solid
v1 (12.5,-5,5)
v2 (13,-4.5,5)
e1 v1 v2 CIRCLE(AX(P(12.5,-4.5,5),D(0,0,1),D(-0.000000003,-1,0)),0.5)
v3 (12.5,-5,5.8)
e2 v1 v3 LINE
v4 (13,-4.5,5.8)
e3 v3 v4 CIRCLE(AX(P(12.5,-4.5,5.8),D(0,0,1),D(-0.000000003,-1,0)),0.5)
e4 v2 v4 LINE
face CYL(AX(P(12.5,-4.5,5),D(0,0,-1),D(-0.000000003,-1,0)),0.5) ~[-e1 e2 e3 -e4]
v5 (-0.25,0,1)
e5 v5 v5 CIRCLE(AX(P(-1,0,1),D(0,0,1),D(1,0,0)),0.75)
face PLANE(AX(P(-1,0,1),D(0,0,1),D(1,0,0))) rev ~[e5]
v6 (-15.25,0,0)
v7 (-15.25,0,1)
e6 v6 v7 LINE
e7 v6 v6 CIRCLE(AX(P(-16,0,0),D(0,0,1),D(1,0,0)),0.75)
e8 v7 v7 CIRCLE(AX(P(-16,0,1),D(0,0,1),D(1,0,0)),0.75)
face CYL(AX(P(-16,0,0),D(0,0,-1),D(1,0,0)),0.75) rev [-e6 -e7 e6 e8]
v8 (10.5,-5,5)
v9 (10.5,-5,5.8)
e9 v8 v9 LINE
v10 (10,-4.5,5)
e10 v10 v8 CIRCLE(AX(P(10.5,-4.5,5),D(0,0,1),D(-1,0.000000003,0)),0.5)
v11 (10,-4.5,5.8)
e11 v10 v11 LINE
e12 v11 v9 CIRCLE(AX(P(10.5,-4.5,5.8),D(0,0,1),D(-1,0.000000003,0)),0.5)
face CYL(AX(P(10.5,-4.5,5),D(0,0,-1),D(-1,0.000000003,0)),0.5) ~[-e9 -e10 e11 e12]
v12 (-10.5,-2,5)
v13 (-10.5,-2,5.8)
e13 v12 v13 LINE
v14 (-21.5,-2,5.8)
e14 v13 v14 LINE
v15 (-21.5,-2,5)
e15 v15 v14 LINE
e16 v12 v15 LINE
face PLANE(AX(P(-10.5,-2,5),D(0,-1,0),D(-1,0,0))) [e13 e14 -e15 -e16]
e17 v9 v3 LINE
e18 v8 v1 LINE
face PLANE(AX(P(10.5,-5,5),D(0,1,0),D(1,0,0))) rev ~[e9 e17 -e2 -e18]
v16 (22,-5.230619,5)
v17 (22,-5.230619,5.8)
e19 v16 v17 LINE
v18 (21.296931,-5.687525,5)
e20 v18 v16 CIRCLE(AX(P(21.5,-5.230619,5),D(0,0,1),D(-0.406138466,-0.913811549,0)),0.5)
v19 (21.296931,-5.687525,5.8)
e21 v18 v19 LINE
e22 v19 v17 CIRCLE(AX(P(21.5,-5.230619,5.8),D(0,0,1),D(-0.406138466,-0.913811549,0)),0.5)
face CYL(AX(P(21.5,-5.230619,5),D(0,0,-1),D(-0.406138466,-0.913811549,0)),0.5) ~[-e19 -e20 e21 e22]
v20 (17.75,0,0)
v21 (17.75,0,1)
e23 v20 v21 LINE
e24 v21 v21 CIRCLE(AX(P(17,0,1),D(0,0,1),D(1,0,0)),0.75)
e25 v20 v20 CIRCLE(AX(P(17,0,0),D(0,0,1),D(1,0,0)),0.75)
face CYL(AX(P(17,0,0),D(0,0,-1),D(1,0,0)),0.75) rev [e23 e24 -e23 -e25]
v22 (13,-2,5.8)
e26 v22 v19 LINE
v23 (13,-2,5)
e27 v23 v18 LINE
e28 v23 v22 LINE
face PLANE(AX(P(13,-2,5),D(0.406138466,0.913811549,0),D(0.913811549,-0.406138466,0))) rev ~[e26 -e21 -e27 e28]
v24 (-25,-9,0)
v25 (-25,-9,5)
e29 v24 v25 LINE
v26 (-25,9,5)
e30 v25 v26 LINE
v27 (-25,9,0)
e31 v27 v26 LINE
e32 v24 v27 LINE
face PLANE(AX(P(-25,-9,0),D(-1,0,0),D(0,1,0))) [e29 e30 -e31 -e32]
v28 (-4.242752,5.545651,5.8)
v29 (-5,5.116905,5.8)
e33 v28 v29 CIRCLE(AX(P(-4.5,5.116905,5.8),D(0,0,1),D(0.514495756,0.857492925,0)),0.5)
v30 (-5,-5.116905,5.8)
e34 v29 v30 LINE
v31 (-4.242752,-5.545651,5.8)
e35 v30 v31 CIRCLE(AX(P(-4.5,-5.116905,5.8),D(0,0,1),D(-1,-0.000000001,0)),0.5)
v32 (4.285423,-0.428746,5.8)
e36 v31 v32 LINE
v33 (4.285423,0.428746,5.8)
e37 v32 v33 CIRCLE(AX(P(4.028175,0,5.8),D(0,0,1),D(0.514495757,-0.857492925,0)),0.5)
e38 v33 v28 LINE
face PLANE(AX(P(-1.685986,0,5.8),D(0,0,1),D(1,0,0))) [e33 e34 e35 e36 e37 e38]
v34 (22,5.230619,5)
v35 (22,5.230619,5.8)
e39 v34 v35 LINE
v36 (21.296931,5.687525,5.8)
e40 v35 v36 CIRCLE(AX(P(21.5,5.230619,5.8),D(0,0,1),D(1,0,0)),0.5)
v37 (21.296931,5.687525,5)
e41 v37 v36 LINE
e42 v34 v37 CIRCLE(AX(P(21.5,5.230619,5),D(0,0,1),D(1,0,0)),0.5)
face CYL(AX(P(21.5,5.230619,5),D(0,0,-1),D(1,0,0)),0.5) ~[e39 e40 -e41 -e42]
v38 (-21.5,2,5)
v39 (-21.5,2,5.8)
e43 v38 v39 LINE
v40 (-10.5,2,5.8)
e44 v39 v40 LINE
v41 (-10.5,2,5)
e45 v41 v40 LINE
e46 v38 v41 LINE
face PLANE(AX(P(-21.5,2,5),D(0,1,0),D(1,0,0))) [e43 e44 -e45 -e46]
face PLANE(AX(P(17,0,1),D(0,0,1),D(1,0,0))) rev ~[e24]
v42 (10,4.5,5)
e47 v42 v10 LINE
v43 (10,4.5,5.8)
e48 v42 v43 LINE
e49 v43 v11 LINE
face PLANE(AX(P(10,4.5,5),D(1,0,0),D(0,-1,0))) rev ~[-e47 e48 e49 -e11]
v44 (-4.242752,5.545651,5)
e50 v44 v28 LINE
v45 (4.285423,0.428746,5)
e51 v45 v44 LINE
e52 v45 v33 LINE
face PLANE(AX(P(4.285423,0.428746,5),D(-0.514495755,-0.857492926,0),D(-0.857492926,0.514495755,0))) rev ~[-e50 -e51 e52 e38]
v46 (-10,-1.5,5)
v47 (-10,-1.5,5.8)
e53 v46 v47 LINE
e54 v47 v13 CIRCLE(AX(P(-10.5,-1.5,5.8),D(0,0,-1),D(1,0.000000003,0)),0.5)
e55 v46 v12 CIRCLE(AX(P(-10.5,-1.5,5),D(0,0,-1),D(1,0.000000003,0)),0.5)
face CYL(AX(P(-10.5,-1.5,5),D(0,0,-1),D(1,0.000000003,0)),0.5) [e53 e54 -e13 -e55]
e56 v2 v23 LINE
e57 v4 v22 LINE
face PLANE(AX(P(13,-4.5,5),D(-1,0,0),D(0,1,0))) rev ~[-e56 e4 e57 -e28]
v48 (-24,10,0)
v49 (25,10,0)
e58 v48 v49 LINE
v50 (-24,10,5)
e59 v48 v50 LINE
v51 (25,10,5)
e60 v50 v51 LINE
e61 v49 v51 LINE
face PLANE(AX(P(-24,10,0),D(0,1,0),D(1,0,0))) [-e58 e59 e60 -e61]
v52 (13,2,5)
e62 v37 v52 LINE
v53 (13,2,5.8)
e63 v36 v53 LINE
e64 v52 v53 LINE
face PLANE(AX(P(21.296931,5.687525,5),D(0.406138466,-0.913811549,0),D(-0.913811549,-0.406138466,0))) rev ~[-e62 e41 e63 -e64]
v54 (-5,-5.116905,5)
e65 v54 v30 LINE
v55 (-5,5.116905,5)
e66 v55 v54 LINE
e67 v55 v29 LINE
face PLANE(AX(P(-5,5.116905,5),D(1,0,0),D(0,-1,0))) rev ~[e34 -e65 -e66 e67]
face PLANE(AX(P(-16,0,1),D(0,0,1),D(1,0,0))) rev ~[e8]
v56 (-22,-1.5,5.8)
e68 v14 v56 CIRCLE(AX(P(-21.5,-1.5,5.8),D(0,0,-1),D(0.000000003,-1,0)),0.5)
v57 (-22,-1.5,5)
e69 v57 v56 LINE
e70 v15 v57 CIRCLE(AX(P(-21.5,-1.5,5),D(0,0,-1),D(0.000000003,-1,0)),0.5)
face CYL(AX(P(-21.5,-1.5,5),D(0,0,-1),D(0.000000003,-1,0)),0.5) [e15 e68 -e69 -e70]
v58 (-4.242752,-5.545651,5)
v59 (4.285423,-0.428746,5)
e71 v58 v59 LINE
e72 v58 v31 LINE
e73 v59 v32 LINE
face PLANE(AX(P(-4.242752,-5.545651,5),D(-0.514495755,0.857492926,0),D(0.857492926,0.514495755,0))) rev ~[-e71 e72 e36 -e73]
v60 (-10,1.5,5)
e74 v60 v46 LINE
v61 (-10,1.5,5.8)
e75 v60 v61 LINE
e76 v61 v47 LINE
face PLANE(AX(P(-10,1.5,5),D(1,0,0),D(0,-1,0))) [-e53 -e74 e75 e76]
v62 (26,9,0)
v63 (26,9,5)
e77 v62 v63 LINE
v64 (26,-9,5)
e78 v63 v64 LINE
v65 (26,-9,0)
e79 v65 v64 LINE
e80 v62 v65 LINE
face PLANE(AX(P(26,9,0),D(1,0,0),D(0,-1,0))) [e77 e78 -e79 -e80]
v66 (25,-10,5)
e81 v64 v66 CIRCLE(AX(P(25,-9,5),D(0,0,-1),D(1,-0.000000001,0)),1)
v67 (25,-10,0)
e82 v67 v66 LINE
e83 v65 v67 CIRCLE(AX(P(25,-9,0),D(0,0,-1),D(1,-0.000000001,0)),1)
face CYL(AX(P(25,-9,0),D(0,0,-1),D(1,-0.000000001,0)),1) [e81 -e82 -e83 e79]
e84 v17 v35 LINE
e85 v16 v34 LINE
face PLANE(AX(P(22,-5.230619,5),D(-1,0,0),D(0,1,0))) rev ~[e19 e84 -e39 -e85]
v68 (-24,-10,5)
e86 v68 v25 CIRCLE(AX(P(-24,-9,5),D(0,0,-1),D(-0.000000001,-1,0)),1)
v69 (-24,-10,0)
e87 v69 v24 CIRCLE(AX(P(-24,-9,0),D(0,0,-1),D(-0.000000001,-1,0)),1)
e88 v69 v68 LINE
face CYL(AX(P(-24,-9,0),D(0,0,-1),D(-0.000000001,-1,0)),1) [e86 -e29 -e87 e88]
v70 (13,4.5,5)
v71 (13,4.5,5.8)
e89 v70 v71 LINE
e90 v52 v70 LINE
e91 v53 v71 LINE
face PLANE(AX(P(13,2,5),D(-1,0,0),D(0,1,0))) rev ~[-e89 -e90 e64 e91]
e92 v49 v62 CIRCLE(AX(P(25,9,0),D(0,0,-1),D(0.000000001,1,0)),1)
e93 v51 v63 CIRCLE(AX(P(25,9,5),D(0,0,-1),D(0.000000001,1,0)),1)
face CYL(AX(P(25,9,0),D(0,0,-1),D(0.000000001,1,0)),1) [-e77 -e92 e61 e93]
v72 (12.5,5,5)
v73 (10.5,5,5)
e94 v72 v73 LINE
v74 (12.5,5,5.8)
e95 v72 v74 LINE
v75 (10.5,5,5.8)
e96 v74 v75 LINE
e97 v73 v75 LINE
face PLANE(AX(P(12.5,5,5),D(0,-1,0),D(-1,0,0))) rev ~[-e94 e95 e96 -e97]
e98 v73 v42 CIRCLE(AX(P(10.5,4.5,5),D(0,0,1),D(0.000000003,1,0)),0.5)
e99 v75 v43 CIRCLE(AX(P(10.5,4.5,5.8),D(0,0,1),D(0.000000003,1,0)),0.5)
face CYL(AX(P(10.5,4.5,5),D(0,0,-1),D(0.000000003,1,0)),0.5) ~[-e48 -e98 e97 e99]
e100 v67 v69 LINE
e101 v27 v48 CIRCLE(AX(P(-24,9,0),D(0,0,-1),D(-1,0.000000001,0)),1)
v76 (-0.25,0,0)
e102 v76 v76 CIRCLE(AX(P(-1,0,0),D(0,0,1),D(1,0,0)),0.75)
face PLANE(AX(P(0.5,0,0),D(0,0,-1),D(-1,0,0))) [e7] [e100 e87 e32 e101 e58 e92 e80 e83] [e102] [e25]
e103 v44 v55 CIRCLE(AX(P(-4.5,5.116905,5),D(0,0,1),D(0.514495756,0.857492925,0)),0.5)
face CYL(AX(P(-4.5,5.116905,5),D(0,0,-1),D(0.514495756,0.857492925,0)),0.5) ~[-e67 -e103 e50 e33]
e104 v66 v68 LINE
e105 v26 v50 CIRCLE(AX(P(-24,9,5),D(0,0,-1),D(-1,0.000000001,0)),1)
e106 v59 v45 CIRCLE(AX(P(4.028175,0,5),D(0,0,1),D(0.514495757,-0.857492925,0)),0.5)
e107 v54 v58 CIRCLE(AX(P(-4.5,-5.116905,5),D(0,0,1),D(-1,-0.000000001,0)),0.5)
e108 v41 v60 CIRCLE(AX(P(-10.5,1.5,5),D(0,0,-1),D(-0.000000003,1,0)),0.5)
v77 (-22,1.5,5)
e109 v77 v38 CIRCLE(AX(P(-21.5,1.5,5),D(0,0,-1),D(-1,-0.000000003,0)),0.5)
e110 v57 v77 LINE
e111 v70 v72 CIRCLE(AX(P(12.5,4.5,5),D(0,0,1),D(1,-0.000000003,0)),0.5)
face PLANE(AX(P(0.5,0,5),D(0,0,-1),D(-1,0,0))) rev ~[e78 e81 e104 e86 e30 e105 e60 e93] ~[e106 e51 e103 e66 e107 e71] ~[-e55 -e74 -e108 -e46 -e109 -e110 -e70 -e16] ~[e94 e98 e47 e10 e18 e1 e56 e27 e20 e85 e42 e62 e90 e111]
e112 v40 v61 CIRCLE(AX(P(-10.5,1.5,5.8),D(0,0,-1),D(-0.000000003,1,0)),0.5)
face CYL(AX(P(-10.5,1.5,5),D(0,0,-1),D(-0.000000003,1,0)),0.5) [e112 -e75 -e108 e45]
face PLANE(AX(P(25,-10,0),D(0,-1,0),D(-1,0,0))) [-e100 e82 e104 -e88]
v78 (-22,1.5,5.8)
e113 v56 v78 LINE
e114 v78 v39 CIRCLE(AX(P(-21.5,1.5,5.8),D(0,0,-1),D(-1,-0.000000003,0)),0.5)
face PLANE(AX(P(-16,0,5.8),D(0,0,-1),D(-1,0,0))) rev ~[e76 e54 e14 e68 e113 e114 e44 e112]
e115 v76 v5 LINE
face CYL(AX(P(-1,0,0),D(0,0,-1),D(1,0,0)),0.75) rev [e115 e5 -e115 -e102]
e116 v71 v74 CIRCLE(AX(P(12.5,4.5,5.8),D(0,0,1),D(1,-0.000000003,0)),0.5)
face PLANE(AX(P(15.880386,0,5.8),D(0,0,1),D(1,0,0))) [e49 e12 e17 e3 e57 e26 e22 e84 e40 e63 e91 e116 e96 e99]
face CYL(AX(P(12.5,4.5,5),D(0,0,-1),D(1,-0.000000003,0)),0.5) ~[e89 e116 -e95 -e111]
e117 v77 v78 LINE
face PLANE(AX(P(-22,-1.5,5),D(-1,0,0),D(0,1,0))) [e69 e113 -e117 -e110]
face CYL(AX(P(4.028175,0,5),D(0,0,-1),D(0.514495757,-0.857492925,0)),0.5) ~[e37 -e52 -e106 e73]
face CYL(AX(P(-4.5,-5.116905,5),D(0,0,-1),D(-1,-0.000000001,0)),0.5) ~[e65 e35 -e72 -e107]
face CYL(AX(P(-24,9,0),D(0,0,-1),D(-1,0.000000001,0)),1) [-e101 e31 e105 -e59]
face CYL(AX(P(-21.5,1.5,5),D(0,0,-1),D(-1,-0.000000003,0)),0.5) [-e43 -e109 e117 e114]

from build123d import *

# Parameters (mm, degrees)
BOSS_EXTRUDE1_DEPTH = 5
SKETCH6_R           = 0.75
CUT_EXTRUDE1_DEPTH  = 1
BOSS_EXTRUDE3_DEPTH = 0.8


with BuildPart() as part:
    # Sketch3 → Boss-Extrude1 (new body)
    with BuildSketch(Plane.XY):
        with BuildLine():
            Line((-24, 10), (25, 10))
            ThreePointArc((25, 10), (25.707106781, 9.707106781), (26, 9))
            Line((26, 9), (26, -9))
            ThreePointArc((26, -9), (25.707106781, -9.707106781), (25, -10))
            Line((25, -10), (-24, -10))
            ThreePointArc((-24, -10), (-24.707106781, -9.707106781), (-25, -9))
            Line((-25, -9), (-25, 9))
            ThreePointArc((-25, 9), (-24.707106781, 9.707106781), (-24, 10))
        make_face()
    extrude(amount=BOSS_EXTRUDE1_DEPTH)

    # Sketch6 → Cut-Extrude1 (cut)
    with BuildSketch(Plane.XY):
        with Locations((-16, 0)):
            Circle(SKETCH6_R)
        with Locations((-1, 0)):
            Circle(SKETCH6_R)
        with Locations((17, 0)):
            Circle(SKETCH6_R)
    extrude(amount=CUT_EXTRUDE1_DEPTH, mode=Mode.SUBTRACT)

    # Sketch4 → Boss-Extrude3 (add)
    with BuildSketch(Plane.XY.offset(5)):
        with BuildLine():
            Line((-5, 5.116904811), (-5, -5.116904811))
            ThreePointArc((-5, -5.116904811), (-4.746349407, -5.552004764), (-4.242752122, -5.545651273))
            Line((-4.242752122, -5.545651273), (4.285422562, -0.428746463))
            ThreePointArc((4.285422562, -0.428746463), (4.528174684, 0), (4.285422562, 0.428746463))
            Line((4.285422562, 0.428746463), (-4.242752122, 5.545651273))
            ThreePointArc((-4.242752122, 5.545651273), (-4.746349407, 5.552004764), (-5, 5.116904811))
        make_face()
        with BuildLine():
            Line((10, 4.5), (10, -4.5))
            ThreePointArc((10, -4.5), (10.146446609, -4.853553391), (10.5, -5))
            Line((10.5, -5), (12.5, -5))
            ThreePointArc((12.5, -5), (12.853553391, -4.853553391), (13, -4.5))
            Line((13, -4.5), (13, -2))
            Line((13, -2), (21.296930767, -5.687524785))
            ThreePointArc((21.296930767, -5.687524785), (21.77245677, -5.64986513), (22, -5.230619011))
            Line((22, -5.230619011), (22, 5.230619011))
            ThreePointArc((22, 5.230619011), (21.77245677, 5.64986513), (21.296930767, 5.687524785))
            Line((21.296930767, 5.687524785), (13, 2))
            Line((13, 2), (13, 4.5))
            ThreePointArc((13, 4.5), (12.853553391, 4.853553391), (12.5, 5))
            Line((12.5, 5), (10.5, 5))
            ThreePointArc((10.5, 5), (10.146446609, 4.853553391), (10, 4.5))
        make_face()
        with BuildLine():
            Line((-21.5, 2), (-10.5, 2))
            ThreePointArc((-10.5, 2), (-10.146446609, 1.853553391), (-10, 1.5))
            Line((-10, 1.5), (-10, -1.5))
            ThreePointArc((-10, -1.5), (-10.146446609, -1.853553391), (-10.5, -2))
            Line((-10.5, -2), (-21.5, -2))
            ThreePointArc((-21.5, -2), (-21.853553391, -1.853553391), (-22, -1.5))
            Line((-22, -1.5), (-22, 1.5))
            ThreePointArc((-22, 1.5), (-21.853553391, 1.853553391), (-21.5, 2))
        make_face()
    extrude(amount=BOSS_EXTRUDE3_DEPTH)


solid = part.part
